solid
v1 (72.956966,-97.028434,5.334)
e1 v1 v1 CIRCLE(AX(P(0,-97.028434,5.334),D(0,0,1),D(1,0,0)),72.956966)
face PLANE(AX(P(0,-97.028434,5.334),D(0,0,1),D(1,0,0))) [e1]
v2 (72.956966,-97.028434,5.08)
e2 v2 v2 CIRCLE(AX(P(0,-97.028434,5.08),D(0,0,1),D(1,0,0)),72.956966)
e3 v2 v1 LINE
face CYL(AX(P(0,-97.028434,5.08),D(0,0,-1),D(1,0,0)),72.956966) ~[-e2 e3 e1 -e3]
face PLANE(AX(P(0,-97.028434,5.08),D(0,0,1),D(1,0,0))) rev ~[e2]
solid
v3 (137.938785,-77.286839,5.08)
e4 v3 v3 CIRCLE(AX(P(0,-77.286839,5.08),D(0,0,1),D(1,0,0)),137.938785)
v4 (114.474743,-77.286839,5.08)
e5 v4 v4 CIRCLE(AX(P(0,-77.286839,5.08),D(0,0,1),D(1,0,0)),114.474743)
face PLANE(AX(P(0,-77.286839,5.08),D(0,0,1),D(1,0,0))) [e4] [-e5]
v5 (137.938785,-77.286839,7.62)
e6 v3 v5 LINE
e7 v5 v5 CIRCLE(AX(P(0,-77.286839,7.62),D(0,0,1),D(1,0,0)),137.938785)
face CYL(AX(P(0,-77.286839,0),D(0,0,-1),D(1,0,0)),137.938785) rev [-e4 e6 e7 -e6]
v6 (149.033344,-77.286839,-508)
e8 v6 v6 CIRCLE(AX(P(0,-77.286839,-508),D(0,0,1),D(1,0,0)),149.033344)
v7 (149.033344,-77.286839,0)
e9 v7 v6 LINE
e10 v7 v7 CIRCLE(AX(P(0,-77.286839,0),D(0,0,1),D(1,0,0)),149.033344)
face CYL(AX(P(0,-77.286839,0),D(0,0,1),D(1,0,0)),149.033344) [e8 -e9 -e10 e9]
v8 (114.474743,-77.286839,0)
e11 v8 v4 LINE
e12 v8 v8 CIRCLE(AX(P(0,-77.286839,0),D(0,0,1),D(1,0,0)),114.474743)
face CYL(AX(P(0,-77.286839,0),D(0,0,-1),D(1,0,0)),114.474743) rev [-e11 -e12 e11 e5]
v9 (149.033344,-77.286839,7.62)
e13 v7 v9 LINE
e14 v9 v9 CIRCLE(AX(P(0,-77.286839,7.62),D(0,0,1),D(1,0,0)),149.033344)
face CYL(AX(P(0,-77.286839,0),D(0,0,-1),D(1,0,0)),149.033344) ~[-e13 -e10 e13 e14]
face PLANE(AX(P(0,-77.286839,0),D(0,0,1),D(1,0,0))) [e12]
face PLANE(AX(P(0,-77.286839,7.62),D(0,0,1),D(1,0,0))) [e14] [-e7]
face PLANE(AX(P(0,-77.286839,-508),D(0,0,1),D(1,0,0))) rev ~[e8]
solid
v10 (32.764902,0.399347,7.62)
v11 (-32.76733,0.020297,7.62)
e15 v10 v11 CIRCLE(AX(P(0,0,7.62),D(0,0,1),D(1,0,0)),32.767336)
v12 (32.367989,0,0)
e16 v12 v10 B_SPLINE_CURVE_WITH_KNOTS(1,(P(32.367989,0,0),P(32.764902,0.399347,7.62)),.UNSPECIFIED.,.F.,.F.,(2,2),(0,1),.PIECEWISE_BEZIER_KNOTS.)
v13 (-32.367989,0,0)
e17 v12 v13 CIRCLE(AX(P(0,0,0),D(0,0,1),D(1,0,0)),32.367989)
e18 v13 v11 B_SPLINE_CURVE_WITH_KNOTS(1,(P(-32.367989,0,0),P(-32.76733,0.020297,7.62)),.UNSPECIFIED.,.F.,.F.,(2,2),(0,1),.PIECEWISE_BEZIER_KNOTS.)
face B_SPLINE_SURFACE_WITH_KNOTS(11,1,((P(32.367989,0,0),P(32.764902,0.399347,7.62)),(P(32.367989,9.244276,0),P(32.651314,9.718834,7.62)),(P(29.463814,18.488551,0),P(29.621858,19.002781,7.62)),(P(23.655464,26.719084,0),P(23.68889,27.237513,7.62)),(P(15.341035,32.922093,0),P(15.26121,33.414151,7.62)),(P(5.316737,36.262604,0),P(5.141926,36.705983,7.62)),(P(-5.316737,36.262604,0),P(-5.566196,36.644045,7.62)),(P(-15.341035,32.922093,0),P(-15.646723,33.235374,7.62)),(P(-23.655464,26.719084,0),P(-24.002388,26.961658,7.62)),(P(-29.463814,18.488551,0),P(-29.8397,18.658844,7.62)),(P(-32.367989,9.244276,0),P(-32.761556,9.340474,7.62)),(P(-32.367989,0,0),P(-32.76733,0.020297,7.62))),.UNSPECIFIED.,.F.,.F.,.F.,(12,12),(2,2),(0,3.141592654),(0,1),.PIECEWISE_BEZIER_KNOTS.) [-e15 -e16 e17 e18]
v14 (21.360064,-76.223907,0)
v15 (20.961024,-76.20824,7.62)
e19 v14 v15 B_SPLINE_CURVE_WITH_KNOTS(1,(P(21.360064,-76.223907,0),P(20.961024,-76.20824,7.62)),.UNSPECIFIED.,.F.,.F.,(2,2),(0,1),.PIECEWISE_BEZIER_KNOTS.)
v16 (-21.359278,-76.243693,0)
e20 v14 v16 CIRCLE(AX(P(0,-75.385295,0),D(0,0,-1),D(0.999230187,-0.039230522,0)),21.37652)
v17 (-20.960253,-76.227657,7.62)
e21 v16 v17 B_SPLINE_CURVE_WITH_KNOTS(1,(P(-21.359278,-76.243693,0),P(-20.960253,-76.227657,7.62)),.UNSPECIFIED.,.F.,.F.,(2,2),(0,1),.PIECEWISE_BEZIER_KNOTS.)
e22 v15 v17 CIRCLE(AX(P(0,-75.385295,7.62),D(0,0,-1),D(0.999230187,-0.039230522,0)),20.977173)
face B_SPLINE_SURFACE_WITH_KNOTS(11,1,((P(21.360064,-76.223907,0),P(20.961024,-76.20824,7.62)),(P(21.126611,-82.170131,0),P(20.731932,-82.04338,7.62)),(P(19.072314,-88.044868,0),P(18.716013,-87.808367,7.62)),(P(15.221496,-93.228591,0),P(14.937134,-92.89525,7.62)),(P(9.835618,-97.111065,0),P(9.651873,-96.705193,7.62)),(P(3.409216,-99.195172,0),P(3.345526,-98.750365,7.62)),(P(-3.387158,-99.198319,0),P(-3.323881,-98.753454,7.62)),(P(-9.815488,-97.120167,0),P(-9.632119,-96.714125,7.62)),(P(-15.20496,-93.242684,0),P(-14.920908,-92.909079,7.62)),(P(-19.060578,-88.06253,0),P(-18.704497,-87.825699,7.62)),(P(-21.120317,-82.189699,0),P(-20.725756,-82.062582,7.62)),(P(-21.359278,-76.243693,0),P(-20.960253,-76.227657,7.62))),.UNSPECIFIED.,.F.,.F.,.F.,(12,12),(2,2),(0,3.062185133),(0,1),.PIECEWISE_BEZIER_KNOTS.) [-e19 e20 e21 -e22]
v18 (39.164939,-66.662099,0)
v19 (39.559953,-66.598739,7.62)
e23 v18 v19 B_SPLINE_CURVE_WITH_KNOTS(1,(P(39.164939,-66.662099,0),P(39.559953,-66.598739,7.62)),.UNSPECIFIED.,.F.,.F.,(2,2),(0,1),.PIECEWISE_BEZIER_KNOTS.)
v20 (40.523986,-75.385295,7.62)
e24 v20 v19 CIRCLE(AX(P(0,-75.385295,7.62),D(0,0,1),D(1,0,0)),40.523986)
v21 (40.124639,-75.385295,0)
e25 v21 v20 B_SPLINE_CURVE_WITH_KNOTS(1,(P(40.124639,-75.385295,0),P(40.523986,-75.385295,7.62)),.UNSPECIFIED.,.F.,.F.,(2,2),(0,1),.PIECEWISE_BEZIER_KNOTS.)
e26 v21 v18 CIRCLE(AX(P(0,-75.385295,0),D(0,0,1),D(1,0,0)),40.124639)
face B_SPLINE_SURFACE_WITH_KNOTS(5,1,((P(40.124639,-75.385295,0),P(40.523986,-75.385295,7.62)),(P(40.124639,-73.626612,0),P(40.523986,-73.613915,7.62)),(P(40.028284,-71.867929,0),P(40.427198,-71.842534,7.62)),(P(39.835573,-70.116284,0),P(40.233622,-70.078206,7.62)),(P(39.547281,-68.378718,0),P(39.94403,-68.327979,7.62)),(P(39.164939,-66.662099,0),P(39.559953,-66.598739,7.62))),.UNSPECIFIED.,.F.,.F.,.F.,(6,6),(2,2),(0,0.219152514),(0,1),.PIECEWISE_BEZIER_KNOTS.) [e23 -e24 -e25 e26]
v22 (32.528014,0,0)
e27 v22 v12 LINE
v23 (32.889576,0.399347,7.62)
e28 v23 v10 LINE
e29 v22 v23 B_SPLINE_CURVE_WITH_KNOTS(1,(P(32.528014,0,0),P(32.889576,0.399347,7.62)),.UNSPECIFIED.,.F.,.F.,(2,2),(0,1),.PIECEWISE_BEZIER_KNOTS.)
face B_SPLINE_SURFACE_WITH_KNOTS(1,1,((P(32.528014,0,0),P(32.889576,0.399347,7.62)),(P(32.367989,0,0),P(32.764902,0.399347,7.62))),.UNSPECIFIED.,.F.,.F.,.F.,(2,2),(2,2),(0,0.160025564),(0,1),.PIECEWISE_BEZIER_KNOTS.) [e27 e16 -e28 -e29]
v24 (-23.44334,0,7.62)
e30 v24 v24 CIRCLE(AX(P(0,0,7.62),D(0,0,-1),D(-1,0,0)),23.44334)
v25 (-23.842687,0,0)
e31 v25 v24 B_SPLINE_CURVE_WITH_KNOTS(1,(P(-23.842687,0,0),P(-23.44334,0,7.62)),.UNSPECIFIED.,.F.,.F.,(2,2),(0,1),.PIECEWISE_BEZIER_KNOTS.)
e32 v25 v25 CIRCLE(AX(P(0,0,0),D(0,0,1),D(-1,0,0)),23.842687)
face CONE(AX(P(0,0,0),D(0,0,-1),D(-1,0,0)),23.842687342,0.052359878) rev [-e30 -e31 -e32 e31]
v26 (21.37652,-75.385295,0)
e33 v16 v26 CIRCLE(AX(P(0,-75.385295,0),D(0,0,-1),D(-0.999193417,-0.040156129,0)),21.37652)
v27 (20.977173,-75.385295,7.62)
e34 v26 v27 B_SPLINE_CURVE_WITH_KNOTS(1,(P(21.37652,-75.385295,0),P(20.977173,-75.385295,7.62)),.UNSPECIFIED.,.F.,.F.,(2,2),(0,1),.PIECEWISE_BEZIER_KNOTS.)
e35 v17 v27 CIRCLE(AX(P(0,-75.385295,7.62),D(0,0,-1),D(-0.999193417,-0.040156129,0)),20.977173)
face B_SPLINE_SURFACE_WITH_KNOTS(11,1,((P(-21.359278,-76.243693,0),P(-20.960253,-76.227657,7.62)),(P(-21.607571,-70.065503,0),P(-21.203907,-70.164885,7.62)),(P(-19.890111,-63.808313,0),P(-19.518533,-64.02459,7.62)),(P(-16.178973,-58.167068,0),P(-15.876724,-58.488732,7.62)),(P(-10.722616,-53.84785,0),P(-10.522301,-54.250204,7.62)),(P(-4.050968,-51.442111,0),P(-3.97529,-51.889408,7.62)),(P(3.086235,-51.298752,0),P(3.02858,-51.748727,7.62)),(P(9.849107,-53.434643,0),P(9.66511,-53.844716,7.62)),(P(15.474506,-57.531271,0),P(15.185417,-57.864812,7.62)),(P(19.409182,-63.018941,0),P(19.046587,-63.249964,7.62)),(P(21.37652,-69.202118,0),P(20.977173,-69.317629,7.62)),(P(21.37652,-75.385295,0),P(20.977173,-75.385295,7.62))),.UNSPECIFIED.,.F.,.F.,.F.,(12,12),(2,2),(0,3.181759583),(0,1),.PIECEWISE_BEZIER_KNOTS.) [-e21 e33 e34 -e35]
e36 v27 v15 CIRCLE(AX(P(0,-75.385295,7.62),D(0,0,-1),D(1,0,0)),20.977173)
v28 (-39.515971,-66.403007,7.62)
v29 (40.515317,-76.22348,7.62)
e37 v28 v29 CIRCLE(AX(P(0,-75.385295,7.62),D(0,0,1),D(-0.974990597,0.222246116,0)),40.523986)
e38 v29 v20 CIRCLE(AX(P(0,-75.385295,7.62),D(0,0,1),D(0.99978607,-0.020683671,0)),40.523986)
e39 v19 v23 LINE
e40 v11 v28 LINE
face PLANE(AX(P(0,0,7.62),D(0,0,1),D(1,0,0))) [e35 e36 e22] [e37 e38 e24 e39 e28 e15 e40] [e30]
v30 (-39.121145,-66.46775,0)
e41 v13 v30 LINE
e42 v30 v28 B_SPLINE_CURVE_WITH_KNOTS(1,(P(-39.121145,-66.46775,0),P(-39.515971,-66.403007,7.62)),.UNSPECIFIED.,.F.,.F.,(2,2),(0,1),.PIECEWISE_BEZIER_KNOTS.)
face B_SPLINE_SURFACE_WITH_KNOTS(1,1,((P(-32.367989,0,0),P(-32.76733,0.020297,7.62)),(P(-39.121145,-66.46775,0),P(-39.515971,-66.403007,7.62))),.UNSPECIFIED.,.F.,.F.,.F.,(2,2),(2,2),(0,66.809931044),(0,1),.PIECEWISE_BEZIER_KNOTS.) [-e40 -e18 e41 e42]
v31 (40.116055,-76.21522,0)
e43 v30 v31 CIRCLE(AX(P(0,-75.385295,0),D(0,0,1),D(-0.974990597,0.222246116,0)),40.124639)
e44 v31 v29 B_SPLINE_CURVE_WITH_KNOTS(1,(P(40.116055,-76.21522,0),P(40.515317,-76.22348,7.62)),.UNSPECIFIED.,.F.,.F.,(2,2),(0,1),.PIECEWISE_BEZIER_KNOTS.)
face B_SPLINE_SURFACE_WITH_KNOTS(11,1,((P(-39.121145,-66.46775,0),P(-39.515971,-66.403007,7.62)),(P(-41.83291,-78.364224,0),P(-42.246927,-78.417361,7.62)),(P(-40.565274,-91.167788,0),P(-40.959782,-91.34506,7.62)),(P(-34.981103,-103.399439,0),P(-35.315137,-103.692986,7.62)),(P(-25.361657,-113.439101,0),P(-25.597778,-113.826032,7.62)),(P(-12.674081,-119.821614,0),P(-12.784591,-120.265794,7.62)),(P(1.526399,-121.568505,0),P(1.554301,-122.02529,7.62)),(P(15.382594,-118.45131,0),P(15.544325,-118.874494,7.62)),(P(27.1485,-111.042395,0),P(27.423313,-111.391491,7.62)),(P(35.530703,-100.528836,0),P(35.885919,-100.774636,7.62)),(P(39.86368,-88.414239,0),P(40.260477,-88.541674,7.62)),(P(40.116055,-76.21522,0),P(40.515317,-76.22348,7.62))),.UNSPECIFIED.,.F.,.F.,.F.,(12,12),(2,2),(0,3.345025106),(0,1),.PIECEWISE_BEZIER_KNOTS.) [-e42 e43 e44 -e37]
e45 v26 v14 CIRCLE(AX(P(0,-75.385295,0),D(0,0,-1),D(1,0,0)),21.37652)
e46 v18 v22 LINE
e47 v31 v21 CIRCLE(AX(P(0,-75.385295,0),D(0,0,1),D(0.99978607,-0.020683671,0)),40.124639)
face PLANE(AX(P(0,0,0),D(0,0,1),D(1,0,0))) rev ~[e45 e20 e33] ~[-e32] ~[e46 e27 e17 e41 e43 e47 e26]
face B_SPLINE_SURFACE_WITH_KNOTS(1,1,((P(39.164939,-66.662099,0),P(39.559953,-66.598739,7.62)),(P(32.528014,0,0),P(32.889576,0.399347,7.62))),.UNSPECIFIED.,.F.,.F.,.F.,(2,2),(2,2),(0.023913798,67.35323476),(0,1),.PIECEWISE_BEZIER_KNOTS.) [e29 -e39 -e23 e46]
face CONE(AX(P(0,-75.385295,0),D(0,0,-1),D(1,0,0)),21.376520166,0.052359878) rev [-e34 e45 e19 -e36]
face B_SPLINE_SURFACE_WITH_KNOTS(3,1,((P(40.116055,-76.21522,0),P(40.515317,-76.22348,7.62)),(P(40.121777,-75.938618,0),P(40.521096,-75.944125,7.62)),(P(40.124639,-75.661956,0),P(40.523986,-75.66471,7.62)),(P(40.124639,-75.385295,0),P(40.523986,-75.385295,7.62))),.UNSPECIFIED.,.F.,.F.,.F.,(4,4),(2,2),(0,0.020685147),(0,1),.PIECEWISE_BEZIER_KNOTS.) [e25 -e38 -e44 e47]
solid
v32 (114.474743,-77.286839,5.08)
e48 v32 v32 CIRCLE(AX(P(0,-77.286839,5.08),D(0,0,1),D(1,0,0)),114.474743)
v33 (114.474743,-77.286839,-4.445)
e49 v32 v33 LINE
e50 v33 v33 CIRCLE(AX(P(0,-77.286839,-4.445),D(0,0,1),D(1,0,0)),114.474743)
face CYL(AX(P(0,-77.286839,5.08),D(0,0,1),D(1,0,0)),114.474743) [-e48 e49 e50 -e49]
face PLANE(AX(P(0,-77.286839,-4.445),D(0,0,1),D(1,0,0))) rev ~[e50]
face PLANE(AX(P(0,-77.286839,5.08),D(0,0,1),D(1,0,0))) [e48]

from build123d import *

# Parameters (mm, degrees)
F1_DEPTH  = 7.62
F1_TAPER  = -3
F2_R      = 149.0333442521
F3_DEPTH  = 508
F4_R      = 137.9387854388
F4_R_2    = 114.4747428545
F5_DEPTH  = 5.08
F6_DEPTH  = 7.62
F7_R      = 114.4747428545
F9_DEPTH  = 9.525
F8_R      = 72.9569658206
F10_DEPTH = 0.254


with BuildPart() as f1:
    # F0 (on Top) → F1 (new body)
    with BuildSketch(Plane.XY):
        with BuildLine():
            Line((32.3679885849, 0), (23.8426873423, 0))
            ThreePointArc((23.8426873423, 0), (0, -23.8426873423), (-23.8426873423, 0))
            Line((-23.8426873423, 0), (-32.3679885849, 0))
            ThreePointArc((-32.3679885849, 0), (0, -32.3679885849), (32.3679885849, 0))
        make_face()
        with BuildLine():
            ThreePointArc((-23.8426873423, 0), (0, 23.8426873423), (23.8426873423, 0))
            Line((23.8426873423, 0), (32.3679885849, 0))
            ThreePointArc((32.3679885849, 0), (0, 32.3679885849), (-32.3679885849, 0))
            Line((-32.3679885849, 0), (-23.8426873423, 0))
        make_face()
        with BuildLine():
            Line((32.5280141494, 0), (32.3679885849, 0))
            ThreePointArc((32.3679885849, 0), (0, -32.3679885849), (-32.3679885849, 0))
            Line((-32.3679885849, 0), (-39.121145443, -66.467749763))
            ThreePointArc((-39.121145443, -66.467749763), (0.0996109993, -35.2607797937), (39.1649394144, -66.6620986575))
            Line((39.1649394144, -66.6620986575), (32.5280141494, 0))
        make_face()
        with BuildLine():
            Line((-40.1152688385, -76.2523803411), (-39.121145443, -66.467749763))
            ThreePointArc((-39.121145443, -66.467749763), (-39.9191318284, -71.3294909522), (-40.1152688385, -76.2523803411))
        make_face()
        with BuildLine():
            ThreePointArc((39.1649394144, -66.6620986575), (0.0996109993, -35.2607797937), (-39.121145443, -66.467749763))
            Line((-39.121145443, -66.467749763), (-40.1152688385, -76.2523803411))
            Line((-40.1152688385, -76.2523803411), (-21.3592780933, -76.2436931517))
            ThreePointArc((-21.3592780933, -76.2436931517), (-0.4292857209, -54.0130857486), (21.3765200232, -75.3852948546))
            ThreePointArc((21.3765200232, -75.3852948546), (21.3724056453, -75.8046815905), (21.3600640955, -76.223906886))
            Line((21.3600640955, -76.223906886), (40.1160548408, -76.2152196967))
            Line((40.1160548408, -76.2152196967), (39.1649394144, -66.6620986575))
        make_face()
        with BuildLine():
            ThreePointArc((40.1246387053, -75.3852948546), (39.8839922472, -70.997380355), (39.1649394144, -66.6620986575))
            Line((39.1649394144, -66.6620986575), (40.1160548408, -76.2152196967))
            ThreePointArc((40.1160548408, -76.2152196967), (40.1224926818, -75.8002794707), (40.1246387053, -75.3852948546))
        make_face()
        with BuildLine():
            Line((-21.3592780933, -76.2436931517), (-40.1152688385, -76.2523803411))
            ThreePointArc((-40.1152688385, -76.2523803411), (0.018584478, -115.509929256), (40.1160548408, -76.2152196967))
            Line((40.1160548408, -76.2152196967), (21.3600640955, -76.223906886))
            ThreePointArc((21.3600640955, -76.223906886), (0.0099009357, -96.7618125849), (-21.3592780933, -76.2436931517))
        make_face()
    extrude(amount=F1_DEPTH, taper=F1_TAPER)


with BuildPart() as f3:
    # F2 (on Top) → F3 (new body)
    with BuildSketch(Plane.XY):
        with Locations((0, -77.2868394852)):
            Circle(F2_R)
    extrude(amount=-F3_DEPTH)

    # F4 (on face) → F5 (join)
    with BuildSketch(Plane.XY):
        with Locations((0, -77.2868394852)):
            Circle(F4_R)
        with Locations((0, -77.2868394852)):
            Circle(F4_R_2, mode=Mode.SUBTRACT)
    extrude(amount=F5_DEPTH)

    # F6 (add): a face of the model
    f6_faces = [f3.faces().sort_by_distance(p)[0] for p in [
        (-144.8180447183, -77.2868394852, 0),
    ]]
    extrude(f6_faces, amount=F6_DEPTH)


with BuildPart() as f9:
    # F7 (on face) → F9 (new body)
    with BuildSketch(Plane.XY.offset(5.08)):
        with Locations((0, -77.2868394852)):
            Circle(F7_R)
    extrude(amount=-F9_DEPTH)


with BuildPart() as f10:
    # F8 (on face) → F10 (new body)
    with BuildSketch(Plane.XY.offset(5.08)):
        with Locations((0, -97.0284342766)):
            Circle(F8_R)
    extrude(amount=F10_DEPTH)


solid = Compound([f1.part, f3.part, f9.part, f10.part])
